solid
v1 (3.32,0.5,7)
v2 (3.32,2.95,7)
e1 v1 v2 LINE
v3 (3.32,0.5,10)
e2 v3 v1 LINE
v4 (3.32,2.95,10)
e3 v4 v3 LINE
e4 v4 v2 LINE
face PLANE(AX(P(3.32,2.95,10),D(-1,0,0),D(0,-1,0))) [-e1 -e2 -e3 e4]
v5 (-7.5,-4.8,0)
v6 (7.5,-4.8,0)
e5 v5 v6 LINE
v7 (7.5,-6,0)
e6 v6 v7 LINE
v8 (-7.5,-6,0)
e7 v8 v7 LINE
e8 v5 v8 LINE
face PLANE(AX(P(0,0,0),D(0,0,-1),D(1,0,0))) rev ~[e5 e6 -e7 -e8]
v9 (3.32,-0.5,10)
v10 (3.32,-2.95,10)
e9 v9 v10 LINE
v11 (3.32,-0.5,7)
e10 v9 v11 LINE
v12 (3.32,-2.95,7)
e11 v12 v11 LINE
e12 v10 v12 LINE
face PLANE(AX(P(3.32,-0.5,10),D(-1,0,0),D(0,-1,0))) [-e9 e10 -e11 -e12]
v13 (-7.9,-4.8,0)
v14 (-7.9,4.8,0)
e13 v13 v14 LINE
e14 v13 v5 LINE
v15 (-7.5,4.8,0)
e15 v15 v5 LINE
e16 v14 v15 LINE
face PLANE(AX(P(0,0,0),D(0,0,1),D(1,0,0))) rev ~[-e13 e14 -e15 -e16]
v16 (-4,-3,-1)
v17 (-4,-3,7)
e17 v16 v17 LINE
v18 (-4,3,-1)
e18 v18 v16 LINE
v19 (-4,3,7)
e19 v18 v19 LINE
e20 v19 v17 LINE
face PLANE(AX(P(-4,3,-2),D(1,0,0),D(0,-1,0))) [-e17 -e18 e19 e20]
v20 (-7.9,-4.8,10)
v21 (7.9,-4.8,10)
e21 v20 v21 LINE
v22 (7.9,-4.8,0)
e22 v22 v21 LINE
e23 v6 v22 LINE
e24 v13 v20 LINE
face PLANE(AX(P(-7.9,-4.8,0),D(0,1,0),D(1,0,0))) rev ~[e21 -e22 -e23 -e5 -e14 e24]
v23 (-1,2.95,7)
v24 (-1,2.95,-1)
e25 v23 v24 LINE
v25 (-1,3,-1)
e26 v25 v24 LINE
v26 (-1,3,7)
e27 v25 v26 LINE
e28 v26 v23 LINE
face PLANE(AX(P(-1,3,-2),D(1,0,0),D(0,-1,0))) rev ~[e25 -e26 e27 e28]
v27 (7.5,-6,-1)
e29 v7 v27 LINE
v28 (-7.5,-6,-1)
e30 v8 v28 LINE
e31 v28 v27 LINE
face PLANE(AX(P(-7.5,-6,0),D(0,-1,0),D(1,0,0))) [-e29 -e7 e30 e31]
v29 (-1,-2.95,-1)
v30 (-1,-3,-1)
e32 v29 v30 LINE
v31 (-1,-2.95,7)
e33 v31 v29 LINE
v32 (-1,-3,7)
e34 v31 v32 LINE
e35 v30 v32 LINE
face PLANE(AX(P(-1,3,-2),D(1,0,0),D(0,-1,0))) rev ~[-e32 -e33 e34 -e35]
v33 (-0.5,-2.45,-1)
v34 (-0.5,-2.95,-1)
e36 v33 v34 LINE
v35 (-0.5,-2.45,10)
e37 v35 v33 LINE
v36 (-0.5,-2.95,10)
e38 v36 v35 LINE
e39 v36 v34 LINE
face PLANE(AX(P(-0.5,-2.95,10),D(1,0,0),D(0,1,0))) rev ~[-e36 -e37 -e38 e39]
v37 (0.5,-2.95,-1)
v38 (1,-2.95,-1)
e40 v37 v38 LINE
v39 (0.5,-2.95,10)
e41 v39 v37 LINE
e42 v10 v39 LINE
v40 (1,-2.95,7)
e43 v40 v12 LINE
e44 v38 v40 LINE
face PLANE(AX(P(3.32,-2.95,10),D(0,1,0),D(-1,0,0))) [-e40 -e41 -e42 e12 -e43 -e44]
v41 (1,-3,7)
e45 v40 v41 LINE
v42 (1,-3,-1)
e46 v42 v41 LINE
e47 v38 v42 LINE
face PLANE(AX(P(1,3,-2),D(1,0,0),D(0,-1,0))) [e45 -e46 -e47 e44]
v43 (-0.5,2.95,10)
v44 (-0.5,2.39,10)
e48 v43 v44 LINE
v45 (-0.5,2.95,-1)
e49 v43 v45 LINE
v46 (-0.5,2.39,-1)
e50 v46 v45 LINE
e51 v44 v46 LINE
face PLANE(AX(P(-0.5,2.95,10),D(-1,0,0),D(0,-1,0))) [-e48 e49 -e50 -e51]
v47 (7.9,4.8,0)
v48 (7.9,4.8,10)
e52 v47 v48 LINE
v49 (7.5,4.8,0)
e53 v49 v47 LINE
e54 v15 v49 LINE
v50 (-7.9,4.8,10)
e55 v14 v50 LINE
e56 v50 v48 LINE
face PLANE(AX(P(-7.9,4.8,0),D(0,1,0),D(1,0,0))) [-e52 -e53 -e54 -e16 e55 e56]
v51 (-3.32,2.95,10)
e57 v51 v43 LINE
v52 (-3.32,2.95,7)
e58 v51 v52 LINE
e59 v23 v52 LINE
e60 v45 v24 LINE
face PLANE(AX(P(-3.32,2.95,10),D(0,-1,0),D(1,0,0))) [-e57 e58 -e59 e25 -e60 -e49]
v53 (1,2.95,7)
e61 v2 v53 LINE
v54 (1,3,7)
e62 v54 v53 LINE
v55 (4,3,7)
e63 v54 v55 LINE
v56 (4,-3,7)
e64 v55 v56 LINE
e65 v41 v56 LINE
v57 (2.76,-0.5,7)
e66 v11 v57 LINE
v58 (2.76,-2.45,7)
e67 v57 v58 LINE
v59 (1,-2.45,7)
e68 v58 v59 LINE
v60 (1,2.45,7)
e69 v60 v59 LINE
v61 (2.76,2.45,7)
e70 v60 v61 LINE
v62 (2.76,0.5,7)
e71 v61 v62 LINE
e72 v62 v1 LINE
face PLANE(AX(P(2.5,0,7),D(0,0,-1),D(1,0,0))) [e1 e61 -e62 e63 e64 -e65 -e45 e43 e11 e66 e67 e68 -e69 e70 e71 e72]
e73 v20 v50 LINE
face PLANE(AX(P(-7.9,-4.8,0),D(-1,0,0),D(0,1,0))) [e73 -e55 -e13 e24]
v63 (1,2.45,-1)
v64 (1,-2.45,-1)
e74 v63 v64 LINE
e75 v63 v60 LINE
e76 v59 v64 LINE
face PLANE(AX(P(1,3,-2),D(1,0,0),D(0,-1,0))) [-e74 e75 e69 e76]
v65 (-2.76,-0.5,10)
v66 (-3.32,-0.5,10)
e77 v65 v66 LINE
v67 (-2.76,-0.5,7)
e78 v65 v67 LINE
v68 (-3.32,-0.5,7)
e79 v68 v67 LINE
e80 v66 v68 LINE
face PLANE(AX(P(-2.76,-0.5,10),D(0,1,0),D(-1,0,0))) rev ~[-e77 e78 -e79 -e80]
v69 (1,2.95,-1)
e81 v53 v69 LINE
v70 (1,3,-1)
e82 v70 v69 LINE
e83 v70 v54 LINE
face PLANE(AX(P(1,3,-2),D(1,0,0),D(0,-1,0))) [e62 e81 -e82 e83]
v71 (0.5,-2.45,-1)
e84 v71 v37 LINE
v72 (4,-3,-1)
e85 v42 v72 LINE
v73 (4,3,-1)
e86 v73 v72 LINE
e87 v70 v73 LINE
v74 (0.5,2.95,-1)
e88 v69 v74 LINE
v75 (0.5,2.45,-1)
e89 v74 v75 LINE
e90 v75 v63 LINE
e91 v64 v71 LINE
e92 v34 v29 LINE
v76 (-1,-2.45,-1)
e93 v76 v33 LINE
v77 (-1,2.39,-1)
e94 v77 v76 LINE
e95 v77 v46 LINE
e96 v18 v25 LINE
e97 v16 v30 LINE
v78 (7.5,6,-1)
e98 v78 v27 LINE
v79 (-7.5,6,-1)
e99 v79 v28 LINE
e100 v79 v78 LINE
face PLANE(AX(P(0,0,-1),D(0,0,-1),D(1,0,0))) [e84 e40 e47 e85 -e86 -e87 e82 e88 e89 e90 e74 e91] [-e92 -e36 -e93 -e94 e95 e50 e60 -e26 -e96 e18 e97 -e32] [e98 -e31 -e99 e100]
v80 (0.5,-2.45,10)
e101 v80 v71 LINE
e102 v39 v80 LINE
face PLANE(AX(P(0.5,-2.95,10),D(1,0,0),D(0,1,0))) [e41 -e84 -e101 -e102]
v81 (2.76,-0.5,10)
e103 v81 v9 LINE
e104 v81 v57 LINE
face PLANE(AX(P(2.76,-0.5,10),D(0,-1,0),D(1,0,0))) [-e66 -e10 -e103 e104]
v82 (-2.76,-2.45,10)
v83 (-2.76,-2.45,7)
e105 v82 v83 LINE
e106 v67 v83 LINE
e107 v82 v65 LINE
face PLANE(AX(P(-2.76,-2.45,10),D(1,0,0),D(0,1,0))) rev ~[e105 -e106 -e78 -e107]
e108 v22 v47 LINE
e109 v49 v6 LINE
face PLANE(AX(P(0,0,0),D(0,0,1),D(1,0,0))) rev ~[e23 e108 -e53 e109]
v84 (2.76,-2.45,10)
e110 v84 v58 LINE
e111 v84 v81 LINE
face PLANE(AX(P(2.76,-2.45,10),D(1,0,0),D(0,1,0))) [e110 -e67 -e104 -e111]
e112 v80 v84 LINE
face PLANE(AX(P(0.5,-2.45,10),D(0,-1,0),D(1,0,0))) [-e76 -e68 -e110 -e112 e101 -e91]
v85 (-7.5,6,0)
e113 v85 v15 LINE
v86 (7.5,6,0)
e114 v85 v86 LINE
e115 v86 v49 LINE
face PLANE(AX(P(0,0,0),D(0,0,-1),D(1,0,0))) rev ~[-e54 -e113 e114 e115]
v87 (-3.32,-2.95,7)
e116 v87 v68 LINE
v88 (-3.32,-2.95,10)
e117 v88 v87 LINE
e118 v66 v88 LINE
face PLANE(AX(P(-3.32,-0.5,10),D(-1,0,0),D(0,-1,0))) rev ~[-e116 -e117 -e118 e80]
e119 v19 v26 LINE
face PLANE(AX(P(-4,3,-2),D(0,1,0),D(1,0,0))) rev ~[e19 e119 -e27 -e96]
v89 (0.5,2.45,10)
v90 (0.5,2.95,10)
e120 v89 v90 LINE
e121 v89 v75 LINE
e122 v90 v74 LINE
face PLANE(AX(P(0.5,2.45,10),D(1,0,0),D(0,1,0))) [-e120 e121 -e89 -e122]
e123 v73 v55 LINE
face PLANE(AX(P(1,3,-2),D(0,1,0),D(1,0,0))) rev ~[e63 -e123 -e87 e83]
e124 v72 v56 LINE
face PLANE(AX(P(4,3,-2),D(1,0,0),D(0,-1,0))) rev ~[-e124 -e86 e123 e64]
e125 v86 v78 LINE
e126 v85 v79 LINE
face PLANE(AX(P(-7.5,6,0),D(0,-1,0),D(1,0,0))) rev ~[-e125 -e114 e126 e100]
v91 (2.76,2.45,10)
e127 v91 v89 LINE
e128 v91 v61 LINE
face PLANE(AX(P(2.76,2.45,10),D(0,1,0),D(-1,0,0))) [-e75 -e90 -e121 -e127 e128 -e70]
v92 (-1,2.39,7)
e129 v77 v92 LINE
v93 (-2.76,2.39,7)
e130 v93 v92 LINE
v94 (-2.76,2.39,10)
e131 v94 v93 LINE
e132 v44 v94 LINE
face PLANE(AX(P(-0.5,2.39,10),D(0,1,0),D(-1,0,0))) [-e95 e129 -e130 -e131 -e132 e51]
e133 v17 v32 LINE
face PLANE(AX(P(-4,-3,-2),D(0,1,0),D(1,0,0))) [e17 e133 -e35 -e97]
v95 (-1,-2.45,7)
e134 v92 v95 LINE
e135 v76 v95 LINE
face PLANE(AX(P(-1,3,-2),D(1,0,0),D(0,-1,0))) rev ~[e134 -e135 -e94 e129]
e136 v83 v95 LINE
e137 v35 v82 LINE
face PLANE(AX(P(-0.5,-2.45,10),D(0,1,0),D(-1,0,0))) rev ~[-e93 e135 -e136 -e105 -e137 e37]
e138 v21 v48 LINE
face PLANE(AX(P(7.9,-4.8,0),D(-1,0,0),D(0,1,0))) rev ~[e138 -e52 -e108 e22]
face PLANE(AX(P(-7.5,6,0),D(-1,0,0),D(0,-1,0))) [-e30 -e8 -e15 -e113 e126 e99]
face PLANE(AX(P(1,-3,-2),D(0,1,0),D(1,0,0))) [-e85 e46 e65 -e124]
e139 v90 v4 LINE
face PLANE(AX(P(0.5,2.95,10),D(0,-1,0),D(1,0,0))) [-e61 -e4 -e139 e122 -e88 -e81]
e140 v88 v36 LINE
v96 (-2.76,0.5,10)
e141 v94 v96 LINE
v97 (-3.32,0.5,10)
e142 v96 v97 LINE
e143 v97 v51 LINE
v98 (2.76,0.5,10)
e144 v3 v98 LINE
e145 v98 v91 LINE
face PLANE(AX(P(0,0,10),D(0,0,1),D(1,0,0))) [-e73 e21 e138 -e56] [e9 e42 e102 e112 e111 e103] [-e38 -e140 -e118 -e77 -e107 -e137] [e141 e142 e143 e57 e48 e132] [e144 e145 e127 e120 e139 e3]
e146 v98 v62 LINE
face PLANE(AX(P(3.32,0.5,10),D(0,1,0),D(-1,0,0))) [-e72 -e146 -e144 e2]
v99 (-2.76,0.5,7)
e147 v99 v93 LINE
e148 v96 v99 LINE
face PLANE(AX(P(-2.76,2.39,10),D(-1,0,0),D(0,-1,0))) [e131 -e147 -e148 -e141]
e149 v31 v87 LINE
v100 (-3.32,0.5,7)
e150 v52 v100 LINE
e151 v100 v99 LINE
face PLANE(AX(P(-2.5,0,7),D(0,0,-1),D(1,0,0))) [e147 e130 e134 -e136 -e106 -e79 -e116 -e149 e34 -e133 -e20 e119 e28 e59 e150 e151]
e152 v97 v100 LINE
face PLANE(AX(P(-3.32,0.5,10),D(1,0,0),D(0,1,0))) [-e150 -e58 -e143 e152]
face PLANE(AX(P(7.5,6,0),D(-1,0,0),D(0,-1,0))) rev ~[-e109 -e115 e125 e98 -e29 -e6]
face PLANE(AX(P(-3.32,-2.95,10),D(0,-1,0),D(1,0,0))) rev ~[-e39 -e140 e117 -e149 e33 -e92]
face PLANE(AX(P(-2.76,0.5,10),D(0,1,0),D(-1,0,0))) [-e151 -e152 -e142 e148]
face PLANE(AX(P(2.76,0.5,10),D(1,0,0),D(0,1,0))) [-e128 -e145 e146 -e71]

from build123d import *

# Parameters (mm, degrees)
SKETCH_W        = 15.8
SKETCH_H        = 9.6
PAD_DEPTH       = 10
SKETCH002_W     = 15
SKETCH002_H     = 12
PAD001_DEPTH    = 1
SKETCH003_W     = 3
SKETCH003_H     = 6
POCKET_DEPTH    = 9
SKETCH004_W     = 3
SKETCH004_H     = 6
POCKET001_DEPTH = 9
POCKET002_DEPTH = 11.001
POCKET003_DEPTH = 11.001
POCKET004_DEPTH = 11.001
POCKET005_DEPTH = 11.001


with BuildPart() as part:
    # Sketch → Pad (new body)
    with BuildSketch(Plane.XY):
        Rectangle(SKETCH_W, SKETCH_H)
    extrude(amount=PAD_DEPTH)

    # Sketch002 → Pad001 (join)
    with BuildSketch(Plane(origin=(0, 0, 0), x_dir=(1, 0, 0), z_dir=(0, 0, -1))):
        Rectangle(SKETCH002_W, SKETCH002_H)
    extrude(amount=PAD001_DEPTH)

    # Sketch003 → Pocket (cut)
    with BuildSketch(Plane(origin=(0, 0, -2), x_dir=(1, 0, 0), z_dir=(0, 0, -1))):
        with Locations((-2.5, 0)):
            Rectangle(SKETCH003_W, SKETCH003_H)
    extrude(amount=-POCKET_DEPTH, mode=Mode.SUBTRACT)

    # Sketch004 → Pocket001 (cut)
    with BuildSketch(Plane(origin=(0, 0, -2), x_dir=(1, 0, 0), z_dir=(0, 0, -1))):
        with Locations((2.5, 0)):
            Rectangle(SKETCH004_W, SKETCH004_H)
    extrude(amount=-POCKET001_DEPTH, mode=Mode.SUBTRACT)

    # Sketch001 → Pocket002 (cut, through all)
    with BuildSketch(Plane.XY.offset(10)):
        Polygon((3.32, -0.5), (3.32, -2.95), (0.5, -2.95), (0.5, -2.45), (2.76, -2.45), (2.76, -0.5), align=None)
    extrude(amount=-POCKET002_DEPTH, mode=Mode.SUBTRACT)

    # Sketch005 → Pocket003 (cut, through all)
    with BuildSketch(Plane.XY.offset(10)):
        Polygon((-3.32, -0.5), (-3.32, -2.95), (-0.5, -2.95), (-0.5, -2.45), (-2.76, -2.45), (-2.76, -0.5), align=None)
    extrude(amount=-POCKET003_DEPTH, mode=Mode.SUBTRACT)

    # Sketch007 → Pocket004 (cut, through all)
    with BuildSketch(Plane.XY.offset(10)):
        Polygon((-2.76, 0.5), (-3.32, 0.5), (-3.32, 2.95), (-0.5, 2.95), (-0.5, 2.39), (-2.76, 2.39), align=None)
    extrude(amount=-POCKET004_DEPTH, mode=Mode.SUBTRACT)

    # Sketch006 → Pocket005 (cut, through all)
    with BuildSketch(Plane.XY.offset(10)):
        Polygon((0.5, 2.95), (3.32, 2.95), (3.32, 0.5), (2.76, 0.5), (2.76, 2.45), (0.5, 2.45), align=None)
    extrude(amount=-POCKET005_DEPTH, mode=Mode.SUBTRACT)


solid = part.part
